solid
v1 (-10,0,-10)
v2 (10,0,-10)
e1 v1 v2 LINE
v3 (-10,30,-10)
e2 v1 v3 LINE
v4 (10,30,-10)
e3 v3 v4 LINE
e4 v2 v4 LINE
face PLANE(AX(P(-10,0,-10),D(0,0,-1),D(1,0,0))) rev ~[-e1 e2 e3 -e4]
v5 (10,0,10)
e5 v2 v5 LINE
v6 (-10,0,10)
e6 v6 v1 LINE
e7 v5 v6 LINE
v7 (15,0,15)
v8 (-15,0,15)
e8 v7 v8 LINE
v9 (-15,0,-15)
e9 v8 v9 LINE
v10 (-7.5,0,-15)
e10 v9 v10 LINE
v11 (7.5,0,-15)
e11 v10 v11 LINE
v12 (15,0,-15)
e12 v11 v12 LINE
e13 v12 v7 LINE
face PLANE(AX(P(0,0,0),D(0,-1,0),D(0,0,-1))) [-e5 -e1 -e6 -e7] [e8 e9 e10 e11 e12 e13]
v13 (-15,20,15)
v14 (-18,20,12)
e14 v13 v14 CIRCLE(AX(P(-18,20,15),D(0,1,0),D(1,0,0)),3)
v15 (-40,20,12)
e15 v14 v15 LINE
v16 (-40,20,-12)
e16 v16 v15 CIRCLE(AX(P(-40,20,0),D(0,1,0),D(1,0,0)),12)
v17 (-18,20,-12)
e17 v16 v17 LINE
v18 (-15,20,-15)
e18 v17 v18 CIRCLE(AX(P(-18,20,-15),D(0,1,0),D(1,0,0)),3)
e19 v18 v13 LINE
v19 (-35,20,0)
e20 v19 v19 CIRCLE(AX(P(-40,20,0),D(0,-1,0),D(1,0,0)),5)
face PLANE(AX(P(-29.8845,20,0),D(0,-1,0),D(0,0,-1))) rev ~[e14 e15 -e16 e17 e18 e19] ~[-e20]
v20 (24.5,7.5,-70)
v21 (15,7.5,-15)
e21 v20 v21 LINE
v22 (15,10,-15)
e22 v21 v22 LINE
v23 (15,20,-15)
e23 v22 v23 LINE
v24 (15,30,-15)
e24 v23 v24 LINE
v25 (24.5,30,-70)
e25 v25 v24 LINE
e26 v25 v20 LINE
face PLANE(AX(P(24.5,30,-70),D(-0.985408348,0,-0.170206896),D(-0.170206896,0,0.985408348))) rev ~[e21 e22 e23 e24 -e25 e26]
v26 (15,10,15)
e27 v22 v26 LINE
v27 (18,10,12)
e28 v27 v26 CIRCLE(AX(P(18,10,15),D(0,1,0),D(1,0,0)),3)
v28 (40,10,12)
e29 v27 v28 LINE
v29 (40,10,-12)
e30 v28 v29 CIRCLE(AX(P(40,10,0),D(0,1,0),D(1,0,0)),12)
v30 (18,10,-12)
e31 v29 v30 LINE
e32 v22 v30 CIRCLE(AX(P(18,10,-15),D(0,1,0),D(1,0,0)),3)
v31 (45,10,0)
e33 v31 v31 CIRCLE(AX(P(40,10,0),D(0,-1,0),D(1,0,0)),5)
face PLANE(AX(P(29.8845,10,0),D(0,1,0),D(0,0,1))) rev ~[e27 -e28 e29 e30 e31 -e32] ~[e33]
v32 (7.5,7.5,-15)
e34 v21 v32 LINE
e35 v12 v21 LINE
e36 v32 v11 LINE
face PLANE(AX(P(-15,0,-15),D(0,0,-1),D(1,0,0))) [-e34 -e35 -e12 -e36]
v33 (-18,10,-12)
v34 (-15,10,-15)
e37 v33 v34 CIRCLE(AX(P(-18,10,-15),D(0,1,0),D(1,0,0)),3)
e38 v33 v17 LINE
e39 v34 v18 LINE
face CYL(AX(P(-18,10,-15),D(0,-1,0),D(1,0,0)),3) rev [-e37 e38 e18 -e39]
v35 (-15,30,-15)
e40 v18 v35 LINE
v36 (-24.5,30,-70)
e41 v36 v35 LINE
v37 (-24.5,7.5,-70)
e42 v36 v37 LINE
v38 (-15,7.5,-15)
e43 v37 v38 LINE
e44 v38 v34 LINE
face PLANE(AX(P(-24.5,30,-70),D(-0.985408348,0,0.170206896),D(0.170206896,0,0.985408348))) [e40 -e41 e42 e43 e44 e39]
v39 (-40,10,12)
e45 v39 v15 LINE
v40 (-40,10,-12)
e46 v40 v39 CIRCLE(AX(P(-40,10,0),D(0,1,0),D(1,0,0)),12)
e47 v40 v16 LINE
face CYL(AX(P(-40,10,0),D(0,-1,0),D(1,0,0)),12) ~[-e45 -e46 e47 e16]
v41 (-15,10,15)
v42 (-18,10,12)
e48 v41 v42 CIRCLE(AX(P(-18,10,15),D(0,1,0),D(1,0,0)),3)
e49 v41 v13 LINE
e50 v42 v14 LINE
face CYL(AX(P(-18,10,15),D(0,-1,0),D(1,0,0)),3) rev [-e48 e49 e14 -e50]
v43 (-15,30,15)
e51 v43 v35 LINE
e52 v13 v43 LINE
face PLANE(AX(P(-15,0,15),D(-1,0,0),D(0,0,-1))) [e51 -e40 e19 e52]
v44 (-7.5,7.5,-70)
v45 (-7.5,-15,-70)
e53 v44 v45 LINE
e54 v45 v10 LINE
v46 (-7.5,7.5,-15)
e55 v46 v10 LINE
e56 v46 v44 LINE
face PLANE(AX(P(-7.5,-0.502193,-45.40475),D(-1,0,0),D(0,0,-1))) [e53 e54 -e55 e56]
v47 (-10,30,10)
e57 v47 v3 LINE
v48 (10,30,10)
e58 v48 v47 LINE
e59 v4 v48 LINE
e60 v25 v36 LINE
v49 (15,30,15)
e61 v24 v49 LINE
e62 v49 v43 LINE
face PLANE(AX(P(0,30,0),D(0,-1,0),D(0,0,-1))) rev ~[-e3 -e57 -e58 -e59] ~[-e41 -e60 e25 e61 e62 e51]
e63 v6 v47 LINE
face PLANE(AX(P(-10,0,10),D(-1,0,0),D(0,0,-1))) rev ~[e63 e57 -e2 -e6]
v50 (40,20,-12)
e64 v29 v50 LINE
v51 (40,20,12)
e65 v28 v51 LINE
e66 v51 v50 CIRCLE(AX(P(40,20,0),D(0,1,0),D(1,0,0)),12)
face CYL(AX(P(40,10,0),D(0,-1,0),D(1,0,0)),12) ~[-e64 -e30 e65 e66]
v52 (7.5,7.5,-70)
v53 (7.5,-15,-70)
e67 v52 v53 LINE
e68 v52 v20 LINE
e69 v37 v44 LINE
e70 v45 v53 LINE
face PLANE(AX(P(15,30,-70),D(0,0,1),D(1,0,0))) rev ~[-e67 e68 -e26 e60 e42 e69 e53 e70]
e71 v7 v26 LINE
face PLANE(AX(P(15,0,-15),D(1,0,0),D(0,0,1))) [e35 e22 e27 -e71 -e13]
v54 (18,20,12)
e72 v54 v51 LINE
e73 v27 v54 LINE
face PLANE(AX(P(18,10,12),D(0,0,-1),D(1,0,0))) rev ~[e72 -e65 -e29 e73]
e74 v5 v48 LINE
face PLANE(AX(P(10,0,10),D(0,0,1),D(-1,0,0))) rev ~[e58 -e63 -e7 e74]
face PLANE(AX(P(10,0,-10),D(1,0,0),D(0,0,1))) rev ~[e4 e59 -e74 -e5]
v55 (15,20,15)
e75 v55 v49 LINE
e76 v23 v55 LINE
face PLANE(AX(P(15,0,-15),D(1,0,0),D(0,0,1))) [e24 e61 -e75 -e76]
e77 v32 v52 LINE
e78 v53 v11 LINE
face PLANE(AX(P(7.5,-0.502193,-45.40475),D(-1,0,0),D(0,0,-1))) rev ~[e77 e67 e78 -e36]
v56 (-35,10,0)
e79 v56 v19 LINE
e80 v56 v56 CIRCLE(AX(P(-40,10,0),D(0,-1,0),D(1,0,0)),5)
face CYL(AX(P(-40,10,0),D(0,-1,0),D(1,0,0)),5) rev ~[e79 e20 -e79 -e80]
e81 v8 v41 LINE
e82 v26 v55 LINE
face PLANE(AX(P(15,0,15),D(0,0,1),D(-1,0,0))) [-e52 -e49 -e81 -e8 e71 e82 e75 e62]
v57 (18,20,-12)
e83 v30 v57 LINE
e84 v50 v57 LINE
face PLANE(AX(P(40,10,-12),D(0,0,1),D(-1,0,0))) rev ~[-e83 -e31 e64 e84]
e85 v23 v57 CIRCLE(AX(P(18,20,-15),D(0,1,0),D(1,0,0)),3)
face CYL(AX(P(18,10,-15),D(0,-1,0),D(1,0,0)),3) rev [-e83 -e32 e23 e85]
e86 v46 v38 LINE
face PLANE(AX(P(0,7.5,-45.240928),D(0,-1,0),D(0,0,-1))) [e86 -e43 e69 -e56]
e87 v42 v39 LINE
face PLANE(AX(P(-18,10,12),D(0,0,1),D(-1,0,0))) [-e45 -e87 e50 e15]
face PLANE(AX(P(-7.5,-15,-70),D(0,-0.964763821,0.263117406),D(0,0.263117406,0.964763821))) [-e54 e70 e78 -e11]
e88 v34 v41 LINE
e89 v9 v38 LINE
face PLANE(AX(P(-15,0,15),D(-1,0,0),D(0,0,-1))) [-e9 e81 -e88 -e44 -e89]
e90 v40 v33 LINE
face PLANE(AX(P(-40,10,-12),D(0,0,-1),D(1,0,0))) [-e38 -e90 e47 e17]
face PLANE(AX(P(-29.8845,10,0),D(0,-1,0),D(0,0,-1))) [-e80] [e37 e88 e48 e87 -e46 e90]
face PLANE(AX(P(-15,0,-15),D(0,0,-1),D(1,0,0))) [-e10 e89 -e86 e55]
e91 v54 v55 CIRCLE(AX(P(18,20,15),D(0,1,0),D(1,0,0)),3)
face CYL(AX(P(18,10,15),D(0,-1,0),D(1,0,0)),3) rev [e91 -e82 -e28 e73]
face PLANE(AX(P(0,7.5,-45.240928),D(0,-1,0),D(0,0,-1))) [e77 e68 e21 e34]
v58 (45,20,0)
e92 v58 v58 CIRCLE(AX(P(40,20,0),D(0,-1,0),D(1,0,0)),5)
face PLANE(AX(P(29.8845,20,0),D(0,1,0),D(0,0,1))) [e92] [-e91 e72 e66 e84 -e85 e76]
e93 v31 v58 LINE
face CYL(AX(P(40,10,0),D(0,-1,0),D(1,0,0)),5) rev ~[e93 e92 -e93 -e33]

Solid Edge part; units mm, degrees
sketch "Sketch1" plane through (0, 0, 0) normal (0, -1, 0) x (1, 0, 0)
  line L0 (15, -15) -> (15, 15)
  line L1 (15, 15) -> (-15, 15)
  line L2 (-15, 15) -> (-15, -15)
  line L3 (-15, -15) -> (15, -15)
extrude "Protrusion1" add sketch "Sketch1" against normal blind 30
sketch "Sketch2" plane through (0, 0, 0) normal (0, -1, 0) x (1, 0, 0)
  line L0 (10, 10) -> (-10, 10)
  line L1 (-10, 10) -> (-10, -10)
  line L2 (-10, -10) -> (10, -10)
  line L3 (10, -10) -> (10, 10)
extrude "ExtrudedCutout_1" cut sketch "Sketch2" against normal blind 30
sketch "Sketch3" plane through (0, 10, 0) normal (0, -1, 0) x (1, 0, 0)
  line L0 (18, 12) -> (40, 12)
  line L1 (40, -12) -> (18, -12)
  line L2 (15, -15) -> (15, 15)
  arc A0 (40, 12) -> (40, -12) centre (40, 0) cw
  arc A1 (15, -15) -> (18, -12) centre (18, -15) cw
  arc A2 (18, 12) -> (15, 15) centre (18, 15) cw
extrude "ExtrudedProtrusion_2" add sketch "Sketch3" against normal blind 10
sketch "Sketch4" plane through (0, 10, 0) normal (0, -1, 0) x (1, 0, 0)
  circle A0 centre (40, 0) radius 5
extrude "ExtrudedCutout_2" cut sketch "Sketch4" against normal blind 10
sketch "Sketch5" plane through (33.5, 10, 0) normal (0, -1, 0) x (1, 0, 0)
  line L0 (-51.5, 12) -> (-73.5, 12)
  line L1 (-73.5, -12) -> (-51.5, -12)
  line L2 (-48.5, -15) -> (-48.5, 15)
  arc A0 (-73.5, -12) -> (-73.5, 12) centre (-73.5, 0) cw
  arc A1 (-51.5, -12) -> (-48.5, -15) centre (-51.5, -15) cw
  arc A2 (-48.5, 15) -> (-51.5, 12) centre (-51.5, 15) cw
extrude "ExtrudedProtrusion_3" add sketch "Sketch5" against normal blind 10
sketch "Sketch6" plane through (33.5, 10, 0) normal (0, -1, 0) x (1, 0, 0)
  circle A0 centre (-73.5, 0) radius 5
extrude "ExtrudedCutout_3" cut sketch "Sketch6" against normal blind 10
sketch "Sketch7" plane through (0, 30, 0) normal (0, 1, 0) x (-1, 0, 0)
  line L0 (-24.5, -70) -> (-15, -15)
  line L1 (-15, -15) -> (15, -15)
  line L2 (24.5, -70) -> (15, -15)
  line L3 (15, -70) -> (24.5, -70)
  line L4 (15, -70) -> (-15, -70)
  line L5 (-15, -70) -> (-24.5, -70)
extrude "ExtrudedProtrusion_4" add sketch "Sketch7" against normal blind 22.5
sketch "Sketch8" plane through (-7.5, 5, 0) normal (-1, 0, 0) x (0, -1, 0)
  line L0 (20, -70) -> (5, -15)
  line L1 (-2.5, -15) -> (5, -15)
  line L2 (-2.5, -15) -> (-2.5, -70)
  line L3 (-2.5, -70) -> (20, -70)
extrude "ExtrudedProtrusion_7" add sketch "Sketch8" against normal blind 15
